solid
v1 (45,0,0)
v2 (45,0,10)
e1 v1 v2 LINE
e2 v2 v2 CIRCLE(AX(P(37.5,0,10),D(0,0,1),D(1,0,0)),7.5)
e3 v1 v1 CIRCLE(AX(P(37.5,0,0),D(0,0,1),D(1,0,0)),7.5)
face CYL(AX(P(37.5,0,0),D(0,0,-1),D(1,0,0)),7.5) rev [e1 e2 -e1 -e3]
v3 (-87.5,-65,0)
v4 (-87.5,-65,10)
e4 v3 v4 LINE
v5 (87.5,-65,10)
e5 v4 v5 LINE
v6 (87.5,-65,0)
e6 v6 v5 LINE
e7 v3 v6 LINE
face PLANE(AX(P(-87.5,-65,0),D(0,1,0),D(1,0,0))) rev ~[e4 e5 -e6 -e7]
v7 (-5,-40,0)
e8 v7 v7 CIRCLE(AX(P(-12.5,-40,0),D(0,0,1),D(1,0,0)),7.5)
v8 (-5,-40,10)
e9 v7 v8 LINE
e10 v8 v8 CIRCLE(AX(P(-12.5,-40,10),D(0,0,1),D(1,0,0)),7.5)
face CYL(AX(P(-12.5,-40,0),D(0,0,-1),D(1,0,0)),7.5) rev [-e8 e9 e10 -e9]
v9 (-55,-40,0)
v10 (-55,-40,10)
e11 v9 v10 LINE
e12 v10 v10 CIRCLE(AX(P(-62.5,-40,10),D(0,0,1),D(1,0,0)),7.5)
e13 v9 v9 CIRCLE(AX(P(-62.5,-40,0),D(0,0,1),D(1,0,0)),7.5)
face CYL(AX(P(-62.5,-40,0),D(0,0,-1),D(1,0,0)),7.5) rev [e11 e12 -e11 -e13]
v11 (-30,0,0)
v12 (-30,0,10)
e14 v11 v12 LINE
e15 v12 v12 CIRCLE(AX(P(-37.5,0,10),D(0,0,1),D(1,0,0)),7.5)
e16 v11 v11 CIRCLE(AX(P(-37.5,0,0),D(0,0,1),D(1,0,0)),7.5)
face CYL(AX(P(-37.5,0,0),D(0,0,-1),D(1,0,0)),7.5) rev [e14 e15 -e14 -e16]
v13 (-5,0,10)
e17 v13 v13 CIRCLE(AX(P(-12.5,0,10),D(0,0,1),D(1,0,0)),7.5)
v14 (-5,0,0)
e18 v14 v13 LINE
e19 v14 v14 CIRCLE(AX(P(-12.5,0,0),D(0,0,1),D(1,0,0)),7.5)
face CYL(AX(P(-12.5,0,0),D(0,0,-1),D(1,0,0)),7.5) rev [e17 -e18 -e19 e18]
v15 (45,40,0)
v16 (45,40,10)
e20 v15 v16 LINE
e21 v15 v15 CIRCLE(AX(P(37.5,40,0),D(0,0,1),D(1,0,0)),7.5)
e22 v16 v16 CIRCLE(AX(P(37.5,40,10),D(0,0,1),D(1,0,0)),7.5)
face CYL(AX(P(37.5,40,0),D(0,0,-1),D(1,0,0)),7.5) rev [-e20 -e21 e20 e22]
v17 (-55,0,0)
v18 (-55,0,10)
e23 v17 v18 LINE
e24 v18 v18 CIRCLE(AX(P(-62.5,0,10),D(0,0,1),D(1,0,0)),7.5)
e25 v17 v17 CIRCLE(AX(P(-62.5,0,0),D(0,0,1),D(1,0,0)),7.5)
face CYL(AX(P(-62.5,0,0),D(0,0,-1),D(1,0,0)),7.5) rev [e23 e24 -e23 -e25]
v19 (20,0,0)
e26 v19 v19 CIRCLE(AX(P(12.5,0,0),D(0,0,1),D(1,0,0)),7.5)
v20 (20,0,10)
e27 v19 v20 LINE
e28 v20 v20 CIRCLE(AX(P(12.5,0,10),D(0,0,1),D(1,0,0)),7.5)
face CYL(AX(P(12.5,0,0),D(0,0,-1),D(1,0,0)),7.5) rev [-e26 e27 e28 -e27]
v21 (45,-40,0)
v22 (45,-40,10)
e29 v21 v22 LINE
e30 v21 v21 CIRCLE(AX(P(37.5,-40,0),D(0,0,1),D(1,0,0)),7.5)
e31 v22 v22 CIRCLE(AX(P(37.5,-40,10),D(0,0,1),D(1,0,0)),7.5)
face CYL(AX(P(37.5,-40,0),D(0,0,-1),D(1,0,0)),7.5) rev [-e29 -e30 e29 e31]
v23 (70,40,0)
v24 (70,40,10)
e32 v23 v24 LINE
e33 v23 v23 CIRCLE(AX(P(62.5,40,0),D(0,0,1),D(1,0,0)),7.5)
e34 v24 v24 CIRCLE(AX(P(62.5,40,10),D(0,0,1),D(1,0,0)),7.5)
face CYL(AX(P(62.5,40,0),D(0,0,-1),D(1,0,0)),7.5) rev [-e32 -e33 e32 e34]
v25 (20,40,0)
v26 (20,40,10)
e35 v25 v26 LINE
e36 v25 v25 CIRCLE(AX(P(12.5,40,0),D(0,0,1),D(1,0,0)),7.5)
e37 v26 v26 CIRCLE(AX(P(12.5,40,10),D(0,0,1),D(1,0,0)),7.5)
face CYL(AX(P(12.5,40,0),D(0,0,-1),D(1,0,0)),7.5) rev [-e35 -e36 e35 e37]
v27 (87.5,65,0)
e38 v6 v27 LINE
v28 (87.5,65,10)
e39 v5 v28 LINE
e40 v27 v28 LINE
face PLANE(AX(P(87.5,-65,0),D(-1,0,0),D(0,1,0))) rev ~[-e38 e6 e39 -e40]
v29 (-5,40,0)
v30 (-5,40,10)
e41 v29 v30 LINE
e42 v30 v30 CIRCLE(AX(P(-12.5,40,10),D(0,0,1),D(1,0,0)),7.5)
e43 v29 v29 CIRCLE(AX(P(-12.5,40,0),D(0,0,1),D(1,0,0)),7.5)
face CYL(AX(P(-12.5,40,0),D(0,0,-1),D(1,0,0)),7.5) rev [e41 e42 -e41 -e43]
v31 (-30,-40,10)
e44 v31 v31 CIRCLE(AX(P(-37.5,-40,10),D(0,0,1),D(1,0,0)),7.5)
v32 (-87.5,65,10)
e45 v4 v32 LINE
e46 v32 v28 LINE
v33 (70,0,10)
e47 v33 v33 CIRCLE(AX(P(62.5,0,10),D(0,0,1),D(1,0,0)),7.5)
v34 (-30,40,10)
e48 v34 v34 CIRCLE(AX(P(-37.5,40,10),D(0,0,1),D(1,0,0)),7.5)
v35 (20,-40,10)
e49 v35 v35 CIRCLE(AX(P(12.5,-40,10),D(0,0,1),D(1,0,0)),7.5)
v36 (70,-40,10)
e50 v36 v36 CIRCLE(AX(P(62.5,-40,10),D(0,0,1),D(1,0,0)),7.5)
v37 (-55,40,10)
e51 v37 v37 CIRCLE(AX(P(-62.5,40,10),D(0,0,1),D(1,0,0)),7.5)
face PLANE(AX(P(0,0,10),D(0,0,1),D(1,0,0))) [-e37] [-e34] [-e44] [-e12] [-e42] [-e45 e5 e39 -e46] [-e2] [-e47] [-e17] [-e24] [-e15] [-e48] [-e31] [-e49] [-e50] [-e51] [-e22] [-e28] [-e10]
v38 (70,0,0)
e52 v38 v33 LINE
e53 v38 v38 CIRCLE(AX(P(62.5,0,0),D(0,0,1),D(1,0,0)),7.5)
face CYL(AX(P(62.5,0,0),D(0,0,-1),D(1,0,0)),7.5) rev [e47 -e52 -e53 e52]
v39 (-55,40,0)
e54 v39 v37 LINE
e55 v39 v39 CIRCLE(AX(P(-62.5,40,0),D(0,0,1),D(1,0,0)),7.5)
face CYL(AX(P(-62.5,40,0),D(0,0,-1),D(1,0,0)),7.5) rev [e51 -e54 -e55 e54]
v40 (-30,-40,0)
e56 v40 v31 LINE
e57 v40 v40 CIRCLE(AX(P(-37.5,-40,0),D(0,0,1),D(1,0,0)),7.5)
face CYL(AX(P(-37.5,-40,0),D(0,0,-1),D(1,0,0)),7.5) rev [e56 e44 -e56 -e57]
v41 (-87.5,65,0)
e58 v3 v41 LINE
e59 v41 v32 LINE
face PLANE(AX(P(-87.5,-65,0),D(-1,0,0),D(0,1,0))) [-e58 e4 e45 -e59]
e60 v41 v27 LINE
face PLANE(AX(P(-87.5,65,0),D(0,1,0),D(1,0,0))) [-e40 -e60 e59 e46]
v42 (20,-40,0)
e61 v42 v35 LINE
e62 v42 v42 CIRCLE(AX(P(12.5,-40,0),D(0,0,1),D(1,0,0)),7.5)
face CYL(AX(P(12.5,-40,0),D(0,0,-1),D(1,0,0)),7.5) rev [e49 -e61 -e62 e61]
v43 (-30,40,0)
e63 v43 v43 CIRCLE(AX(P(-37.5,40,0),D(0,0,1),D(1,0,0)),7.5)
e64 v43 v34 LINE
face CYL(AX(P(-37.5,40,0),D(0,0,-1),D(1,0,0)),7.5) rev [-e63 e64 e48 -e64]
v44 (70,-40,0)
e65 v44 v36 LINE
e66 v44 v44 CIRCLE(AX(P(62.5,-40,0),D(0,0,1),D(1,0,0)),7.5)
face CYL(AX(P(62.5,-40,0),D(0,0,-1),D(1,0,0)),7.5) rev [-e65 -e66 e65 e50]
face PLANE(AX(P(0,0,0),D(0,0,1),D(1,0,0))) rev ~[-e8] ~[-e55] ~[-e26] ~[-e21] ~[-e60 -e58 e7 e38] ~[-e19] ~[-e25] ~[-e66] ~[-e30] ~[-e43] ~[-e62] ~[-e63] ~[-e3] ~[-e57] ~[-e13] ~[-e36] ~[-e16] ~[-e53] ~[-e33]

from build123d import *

# Parameters (mm, degrees)
F0_W     = 175
F0_H     = 130
F0_R     = 7.5
F1_DEPTH = 10


with BuildPart() as f1:
    # F0 (on Top) → F1 (new body)
    with BuildSketch(Plane.XY):
        Rectangle(F0_W, F0_H)
        with Locations((-62.5, -40)):
            Circle(F0_R, mode=Mode.SUBTRACT)
        with Locations((-37.5, -40)):
            Circle(F0_R, mode=Mode.SUBTRACT)
        with Locations((-12.5, -40)):
            Circle(F0_R, mode=Mode.SUBTRACT)
        with Locations((12.5, -40)):
            Circle(F0_R, mode=Mode.SUBTRACT)
        with Locations((37.5, -40)):
            Circle(F0_R, mode=Mode.SUBTRACT)
        with Locations((62.5, -40)):
            Circle(F0_R, mode=Mode.SUBTRACT)
        with Locations((-62.5, 0)):
            Circle(F0_R, mode=Mode.SUBTRACT)
        with Locations((-37.5, 0)):
            Circle(F0_R, mode=Mode.SUBTRACT)
        with Locations((-12.5, 0)):
            Circle(F0_R, mode=Mode.SUBTRACT)
        with Locations((-62.5, 40)):
            Circle(F0_R, mode=Mode.SUBTRACT)
        with Locations((-37.5, 40)):
            Circle(F0_R, mode=Mode.SUBTRACT)
        with Locations((-12.5, 40)):
            Circle(F0_R, mode=Mode.SUBTRACT)
        with Locations((12.5, 0)):
            Circle(F0_R, mode=Mode.SUBTRACT)
        with Locations((37.5, 0)):
            Circle(F0_R, mode=Mode.SUBTRACT)
        with Locations((62.5, 0)):
            Circle(F0_R, mode=Mode.SUBTRACT)
        with Locations((12.5, 40)):
            Circle(F0_R, mode=Mode.SUBTRACT)
        with Locations((37.5, 40)):
            Circle(F0_R, mode=Mode.SUBTRACT)
        with Locations((62.5, 40)):
            Circle(F0_R, mode=Mode.SUBTRACT)
    extrude(amount=F1_DEPTH)


solid = f1.part
